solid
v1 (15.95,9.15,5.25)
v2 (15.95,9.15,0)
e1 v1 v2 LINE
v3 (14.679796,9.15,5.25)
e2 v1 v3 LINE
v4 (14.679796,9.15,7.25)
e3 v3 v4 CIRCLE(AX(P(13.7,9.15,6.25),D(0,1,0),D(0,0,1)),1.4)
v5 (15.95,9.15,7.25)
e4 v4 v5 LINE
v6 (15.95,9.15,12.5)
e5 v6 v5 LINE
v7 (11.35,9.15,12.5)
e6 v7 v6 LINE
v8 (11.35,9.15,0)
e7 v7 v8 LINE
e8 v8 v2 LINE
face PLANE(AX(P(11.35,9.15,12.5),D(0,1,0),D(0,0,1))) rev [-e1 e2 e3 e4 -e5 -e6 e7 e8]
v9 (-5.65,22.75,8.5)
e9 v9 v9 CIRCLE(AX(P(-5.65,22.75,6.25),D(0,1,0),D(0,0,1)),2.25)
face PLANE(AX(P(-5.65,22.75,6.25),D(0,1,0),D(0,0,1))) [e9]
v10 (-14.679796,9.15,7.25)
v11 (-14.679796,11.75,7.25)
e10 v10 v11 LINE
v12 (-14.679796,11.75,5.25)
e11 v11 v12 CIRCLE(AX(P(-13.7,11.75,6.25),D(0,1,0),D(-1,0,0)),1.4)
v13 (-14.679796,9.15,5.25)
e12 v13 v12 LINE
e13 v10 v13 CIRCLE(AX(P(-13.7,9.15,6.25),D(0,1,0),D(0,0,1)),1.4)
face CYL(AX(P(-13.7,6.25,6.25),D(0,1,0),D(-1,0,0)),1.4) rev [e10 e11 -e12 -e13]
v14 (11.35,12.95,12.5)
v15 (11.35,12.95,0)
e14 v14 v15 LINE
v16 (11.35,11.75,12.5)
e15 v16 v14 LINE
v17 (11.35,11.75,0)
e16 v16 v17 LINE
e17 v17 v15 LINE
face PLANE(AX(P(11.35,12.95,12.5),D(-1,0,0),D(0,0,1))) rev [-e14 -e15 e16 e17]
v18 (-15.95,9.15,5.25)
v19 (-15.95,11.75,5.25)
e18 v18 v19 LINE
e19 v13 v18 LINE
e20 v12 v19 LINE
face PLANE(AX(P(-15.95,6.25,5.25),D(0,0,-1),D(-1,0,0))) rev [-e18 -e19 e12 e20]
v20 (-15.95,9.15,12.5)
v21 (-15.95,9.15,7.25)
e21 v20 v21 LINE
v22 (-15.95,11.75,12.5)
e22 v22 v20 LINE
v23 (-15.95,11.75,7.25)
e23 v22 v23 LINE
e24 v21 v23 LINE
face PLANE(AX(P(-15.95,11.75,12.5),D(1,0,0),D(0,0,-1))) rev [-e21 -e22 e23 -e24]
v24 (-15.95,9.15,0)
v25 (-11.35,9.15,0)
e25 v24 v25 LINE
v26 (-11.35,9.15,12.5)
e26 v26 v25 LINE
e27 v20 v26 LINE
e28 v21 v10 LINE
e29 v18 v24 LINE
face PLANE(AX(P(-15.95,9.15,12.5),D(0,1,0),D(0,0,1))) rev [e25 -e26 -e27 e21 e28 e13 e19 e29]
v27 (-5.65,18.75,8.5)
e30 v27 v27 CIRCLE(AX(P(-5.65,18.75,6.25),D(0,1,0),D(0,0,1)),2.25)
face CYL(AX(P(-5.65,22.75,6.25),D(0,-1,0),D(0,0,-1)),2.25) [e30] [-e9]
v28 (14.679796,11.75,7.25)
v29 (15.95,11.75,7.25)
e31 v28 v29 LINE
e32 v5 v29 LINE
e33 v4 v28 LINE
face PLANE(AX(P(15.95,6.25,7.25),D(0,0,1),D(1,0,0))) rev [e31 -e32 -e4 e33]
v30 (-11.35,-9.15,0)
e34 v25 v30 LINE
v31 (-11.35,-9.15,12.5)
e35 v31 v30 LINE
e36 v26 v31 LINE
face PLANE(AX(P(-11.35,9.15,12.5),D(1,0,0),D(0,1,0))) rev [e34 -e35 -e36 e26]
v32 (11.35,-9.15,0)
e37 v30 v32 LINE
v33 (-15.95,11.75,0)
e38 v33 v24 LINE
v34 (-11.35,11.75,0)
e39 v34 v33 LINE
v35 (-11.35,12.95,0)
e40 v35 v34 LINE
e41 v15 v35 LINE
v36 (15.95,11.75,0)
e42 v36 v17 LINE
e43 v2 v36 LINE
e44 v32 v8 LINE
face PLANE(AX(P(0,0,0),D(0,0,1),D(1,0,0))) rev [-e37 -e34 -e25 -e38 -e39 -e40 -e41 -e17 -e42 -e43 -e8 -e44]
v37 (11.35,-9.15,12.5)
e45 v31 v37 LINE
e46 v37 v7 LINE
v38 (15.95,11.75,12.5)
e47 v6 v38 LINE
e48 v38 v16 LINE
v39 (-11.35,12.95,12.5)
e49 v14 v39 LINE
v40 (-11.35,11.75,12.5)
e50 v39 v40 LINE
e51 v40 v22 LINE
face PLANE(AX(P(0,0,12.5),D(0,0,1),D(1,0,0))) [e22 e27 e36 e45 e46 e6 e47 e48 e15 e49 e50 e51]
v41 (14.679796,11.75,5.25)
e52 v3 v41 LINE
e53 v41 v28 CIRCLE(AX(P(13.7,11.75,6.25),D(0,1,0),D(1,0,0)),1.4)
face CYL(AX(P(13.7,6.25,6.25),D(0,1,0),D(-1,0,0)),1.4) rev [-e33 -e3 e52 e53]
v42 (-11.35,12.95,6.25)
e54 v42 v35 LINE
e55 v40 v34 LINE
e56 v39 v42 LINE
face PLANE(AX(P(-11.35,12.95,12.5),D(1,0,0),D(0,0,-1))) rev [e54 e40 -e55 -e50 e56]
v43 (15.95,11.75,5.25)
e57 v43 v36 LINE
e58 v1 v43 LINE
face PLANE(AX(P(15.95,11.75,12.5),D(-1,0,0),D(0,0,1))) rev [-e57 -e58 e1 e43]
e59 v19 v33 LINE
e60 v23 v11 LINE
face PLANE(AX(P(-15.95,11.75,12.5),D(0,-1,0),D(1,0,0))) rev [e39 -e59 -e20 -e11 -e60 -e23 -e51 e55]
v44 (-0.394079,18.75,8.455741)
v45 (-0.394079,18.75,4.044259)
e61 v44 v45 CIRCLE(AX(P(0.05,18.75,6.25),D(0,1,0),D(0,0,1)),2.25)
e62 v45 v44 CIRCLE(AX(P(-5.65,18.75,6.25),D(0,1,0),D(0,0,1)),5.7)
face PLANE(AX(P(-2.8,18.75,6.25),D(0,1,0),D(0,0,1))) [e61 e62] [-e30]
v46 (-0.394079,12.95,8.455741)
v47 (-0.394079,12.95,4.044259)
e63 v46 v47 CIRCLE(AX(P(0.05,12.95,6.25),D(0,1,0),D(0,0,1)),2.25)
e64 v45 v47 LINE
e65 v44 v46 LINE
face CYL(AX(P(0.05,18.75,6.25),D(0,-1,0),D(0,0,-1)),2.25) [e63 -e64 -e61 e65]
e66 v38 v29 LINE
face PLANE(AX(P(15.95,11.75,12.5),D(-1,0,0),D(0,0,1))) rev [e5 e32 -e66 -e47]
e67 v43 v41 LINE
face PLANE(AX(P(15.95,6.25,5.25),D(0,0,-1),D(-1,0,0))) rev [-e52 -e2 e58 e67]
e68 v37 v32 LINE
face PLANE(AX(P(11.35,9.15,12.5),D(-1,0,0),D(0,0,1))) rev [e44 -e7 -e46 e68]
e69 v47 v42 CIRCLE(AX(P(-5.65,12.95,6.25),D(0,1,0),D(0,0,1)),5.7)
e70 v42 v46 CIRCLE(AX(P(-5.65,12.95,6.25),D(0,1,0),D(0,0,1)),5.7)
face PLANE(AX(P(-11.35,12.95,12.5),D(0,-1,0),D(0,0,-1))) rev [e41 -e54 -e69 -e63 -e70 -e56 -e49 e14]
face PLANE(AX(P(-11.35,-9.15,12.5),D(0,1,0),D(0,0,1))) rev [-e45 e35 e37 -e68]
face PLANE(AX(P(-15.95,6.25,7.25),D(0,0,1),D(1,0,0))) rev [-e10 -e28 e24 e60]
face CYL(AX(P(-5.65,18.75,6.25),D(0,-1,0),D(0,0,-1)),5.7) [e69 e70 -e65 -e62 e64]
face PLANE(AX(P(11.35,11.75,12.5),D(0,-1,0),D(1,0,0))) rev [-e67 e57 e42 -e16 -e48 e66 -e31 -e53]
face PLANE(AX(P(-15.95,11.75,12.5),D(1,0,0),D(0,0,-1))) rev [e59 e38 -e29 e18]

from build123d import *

# Parameters (mm, degrees)
RESSALTO_EXTRUS_O1_DEPTH = 12.5
RESSALTO_EXTRUS_O2_DEPTH = 5.8
CORTE_EXTRUS_O1_DEPTH    = 5.5
ESBO_O4_R                = 2.25
RESSALTO_EXTRUS_O3_DEPTH = 4


with BuildPart() as part:
    # Esboço1 → Ressalto-extrusão1 (new body)
    with BuildSketch(Plane.XY):
        Polygon((11.35, 11.75), (15.95, 11.75), (15.95, 9.15), (11.35, 9.15), (11.35, -9.15), (-11.35, -9.15), (-11.35, 9.15), (-15.95, 9.15), (-15.95, 11.75), (-11.35, 11.75), (-11.35, 12.95), (11.35, 12.95), align=None)
    extrude(amount=RESSALTO_EXTRUS_O1_DEPTH)

    # Esboço2 → Ressalto-extrusão2 (add)
    with BuildSketch(Plane(origin=(0, 12.95, 0), x_dir=(1, 0, 0), z_dir=(0, 1, 0))):
        with BuildLine():
            ThreePointArc((-0.394078947, -4.04425888), (-11.35, -6.25), (-0.394078947, -8.45574112))
            ThreePointArc((-0.394078947, -8.45574112), (2.3, -6.25), (-0.394078947, -4.04425888))
        make_face()
    extrude(amount=RESSALTO_EXTRUS_O2_DEPTH)

    # Esboço3 → Corte-extrusão1 (cut)
    with BuildSketch(Plane(origin=(0, 11.75, 0), x_dir=(1, 0, 0), z_dir=(0, 1, 0))):
        with BuildLine():
            Line((-15.95, -7.25), (-14.679795897, -7.25))
            ThreePointArc((-14.679795897, -7.25), (-12.3, -6.25), (-14.679795897, -5.25))
            Line((-14.679795897, -5.25), (-15.95, -5.25))
            Line((-15.95, -5.25), (-15.95, -7.25))
        make_face()
        with BuildLine():
            Line((15.95, -5.25), (15.95, -7.25))
            Line((15.95, -7.25), (14.679795897, -7.25))
            ThreePointArc((14.679795897, -7.25), (12.3, -6.25), (14.679795897, -5.25))
            Line((14.679795897, -5.25), (15.95, -5.25))
        make_face()
    extrude(amount=-CORTE_EXTRUS_O1_DEPTH, mode=Mode.SUBTRACT)

    # Esboço4 → Ressalto-extrusão3 (add)
    with BuildSketch(Plane(origin=(0, 18.75, 0), x_dir=(1, 0, 0), z_dir=(0, 1, 0))):
        with Locations(Location((-5.65, -6.25, 0), (0, 0, 270))):
            Circle(ESBO_O4_R)
    extrude(amount=RESSALTO_EXTRUS_O3_DEPTH)


solid = part.part
